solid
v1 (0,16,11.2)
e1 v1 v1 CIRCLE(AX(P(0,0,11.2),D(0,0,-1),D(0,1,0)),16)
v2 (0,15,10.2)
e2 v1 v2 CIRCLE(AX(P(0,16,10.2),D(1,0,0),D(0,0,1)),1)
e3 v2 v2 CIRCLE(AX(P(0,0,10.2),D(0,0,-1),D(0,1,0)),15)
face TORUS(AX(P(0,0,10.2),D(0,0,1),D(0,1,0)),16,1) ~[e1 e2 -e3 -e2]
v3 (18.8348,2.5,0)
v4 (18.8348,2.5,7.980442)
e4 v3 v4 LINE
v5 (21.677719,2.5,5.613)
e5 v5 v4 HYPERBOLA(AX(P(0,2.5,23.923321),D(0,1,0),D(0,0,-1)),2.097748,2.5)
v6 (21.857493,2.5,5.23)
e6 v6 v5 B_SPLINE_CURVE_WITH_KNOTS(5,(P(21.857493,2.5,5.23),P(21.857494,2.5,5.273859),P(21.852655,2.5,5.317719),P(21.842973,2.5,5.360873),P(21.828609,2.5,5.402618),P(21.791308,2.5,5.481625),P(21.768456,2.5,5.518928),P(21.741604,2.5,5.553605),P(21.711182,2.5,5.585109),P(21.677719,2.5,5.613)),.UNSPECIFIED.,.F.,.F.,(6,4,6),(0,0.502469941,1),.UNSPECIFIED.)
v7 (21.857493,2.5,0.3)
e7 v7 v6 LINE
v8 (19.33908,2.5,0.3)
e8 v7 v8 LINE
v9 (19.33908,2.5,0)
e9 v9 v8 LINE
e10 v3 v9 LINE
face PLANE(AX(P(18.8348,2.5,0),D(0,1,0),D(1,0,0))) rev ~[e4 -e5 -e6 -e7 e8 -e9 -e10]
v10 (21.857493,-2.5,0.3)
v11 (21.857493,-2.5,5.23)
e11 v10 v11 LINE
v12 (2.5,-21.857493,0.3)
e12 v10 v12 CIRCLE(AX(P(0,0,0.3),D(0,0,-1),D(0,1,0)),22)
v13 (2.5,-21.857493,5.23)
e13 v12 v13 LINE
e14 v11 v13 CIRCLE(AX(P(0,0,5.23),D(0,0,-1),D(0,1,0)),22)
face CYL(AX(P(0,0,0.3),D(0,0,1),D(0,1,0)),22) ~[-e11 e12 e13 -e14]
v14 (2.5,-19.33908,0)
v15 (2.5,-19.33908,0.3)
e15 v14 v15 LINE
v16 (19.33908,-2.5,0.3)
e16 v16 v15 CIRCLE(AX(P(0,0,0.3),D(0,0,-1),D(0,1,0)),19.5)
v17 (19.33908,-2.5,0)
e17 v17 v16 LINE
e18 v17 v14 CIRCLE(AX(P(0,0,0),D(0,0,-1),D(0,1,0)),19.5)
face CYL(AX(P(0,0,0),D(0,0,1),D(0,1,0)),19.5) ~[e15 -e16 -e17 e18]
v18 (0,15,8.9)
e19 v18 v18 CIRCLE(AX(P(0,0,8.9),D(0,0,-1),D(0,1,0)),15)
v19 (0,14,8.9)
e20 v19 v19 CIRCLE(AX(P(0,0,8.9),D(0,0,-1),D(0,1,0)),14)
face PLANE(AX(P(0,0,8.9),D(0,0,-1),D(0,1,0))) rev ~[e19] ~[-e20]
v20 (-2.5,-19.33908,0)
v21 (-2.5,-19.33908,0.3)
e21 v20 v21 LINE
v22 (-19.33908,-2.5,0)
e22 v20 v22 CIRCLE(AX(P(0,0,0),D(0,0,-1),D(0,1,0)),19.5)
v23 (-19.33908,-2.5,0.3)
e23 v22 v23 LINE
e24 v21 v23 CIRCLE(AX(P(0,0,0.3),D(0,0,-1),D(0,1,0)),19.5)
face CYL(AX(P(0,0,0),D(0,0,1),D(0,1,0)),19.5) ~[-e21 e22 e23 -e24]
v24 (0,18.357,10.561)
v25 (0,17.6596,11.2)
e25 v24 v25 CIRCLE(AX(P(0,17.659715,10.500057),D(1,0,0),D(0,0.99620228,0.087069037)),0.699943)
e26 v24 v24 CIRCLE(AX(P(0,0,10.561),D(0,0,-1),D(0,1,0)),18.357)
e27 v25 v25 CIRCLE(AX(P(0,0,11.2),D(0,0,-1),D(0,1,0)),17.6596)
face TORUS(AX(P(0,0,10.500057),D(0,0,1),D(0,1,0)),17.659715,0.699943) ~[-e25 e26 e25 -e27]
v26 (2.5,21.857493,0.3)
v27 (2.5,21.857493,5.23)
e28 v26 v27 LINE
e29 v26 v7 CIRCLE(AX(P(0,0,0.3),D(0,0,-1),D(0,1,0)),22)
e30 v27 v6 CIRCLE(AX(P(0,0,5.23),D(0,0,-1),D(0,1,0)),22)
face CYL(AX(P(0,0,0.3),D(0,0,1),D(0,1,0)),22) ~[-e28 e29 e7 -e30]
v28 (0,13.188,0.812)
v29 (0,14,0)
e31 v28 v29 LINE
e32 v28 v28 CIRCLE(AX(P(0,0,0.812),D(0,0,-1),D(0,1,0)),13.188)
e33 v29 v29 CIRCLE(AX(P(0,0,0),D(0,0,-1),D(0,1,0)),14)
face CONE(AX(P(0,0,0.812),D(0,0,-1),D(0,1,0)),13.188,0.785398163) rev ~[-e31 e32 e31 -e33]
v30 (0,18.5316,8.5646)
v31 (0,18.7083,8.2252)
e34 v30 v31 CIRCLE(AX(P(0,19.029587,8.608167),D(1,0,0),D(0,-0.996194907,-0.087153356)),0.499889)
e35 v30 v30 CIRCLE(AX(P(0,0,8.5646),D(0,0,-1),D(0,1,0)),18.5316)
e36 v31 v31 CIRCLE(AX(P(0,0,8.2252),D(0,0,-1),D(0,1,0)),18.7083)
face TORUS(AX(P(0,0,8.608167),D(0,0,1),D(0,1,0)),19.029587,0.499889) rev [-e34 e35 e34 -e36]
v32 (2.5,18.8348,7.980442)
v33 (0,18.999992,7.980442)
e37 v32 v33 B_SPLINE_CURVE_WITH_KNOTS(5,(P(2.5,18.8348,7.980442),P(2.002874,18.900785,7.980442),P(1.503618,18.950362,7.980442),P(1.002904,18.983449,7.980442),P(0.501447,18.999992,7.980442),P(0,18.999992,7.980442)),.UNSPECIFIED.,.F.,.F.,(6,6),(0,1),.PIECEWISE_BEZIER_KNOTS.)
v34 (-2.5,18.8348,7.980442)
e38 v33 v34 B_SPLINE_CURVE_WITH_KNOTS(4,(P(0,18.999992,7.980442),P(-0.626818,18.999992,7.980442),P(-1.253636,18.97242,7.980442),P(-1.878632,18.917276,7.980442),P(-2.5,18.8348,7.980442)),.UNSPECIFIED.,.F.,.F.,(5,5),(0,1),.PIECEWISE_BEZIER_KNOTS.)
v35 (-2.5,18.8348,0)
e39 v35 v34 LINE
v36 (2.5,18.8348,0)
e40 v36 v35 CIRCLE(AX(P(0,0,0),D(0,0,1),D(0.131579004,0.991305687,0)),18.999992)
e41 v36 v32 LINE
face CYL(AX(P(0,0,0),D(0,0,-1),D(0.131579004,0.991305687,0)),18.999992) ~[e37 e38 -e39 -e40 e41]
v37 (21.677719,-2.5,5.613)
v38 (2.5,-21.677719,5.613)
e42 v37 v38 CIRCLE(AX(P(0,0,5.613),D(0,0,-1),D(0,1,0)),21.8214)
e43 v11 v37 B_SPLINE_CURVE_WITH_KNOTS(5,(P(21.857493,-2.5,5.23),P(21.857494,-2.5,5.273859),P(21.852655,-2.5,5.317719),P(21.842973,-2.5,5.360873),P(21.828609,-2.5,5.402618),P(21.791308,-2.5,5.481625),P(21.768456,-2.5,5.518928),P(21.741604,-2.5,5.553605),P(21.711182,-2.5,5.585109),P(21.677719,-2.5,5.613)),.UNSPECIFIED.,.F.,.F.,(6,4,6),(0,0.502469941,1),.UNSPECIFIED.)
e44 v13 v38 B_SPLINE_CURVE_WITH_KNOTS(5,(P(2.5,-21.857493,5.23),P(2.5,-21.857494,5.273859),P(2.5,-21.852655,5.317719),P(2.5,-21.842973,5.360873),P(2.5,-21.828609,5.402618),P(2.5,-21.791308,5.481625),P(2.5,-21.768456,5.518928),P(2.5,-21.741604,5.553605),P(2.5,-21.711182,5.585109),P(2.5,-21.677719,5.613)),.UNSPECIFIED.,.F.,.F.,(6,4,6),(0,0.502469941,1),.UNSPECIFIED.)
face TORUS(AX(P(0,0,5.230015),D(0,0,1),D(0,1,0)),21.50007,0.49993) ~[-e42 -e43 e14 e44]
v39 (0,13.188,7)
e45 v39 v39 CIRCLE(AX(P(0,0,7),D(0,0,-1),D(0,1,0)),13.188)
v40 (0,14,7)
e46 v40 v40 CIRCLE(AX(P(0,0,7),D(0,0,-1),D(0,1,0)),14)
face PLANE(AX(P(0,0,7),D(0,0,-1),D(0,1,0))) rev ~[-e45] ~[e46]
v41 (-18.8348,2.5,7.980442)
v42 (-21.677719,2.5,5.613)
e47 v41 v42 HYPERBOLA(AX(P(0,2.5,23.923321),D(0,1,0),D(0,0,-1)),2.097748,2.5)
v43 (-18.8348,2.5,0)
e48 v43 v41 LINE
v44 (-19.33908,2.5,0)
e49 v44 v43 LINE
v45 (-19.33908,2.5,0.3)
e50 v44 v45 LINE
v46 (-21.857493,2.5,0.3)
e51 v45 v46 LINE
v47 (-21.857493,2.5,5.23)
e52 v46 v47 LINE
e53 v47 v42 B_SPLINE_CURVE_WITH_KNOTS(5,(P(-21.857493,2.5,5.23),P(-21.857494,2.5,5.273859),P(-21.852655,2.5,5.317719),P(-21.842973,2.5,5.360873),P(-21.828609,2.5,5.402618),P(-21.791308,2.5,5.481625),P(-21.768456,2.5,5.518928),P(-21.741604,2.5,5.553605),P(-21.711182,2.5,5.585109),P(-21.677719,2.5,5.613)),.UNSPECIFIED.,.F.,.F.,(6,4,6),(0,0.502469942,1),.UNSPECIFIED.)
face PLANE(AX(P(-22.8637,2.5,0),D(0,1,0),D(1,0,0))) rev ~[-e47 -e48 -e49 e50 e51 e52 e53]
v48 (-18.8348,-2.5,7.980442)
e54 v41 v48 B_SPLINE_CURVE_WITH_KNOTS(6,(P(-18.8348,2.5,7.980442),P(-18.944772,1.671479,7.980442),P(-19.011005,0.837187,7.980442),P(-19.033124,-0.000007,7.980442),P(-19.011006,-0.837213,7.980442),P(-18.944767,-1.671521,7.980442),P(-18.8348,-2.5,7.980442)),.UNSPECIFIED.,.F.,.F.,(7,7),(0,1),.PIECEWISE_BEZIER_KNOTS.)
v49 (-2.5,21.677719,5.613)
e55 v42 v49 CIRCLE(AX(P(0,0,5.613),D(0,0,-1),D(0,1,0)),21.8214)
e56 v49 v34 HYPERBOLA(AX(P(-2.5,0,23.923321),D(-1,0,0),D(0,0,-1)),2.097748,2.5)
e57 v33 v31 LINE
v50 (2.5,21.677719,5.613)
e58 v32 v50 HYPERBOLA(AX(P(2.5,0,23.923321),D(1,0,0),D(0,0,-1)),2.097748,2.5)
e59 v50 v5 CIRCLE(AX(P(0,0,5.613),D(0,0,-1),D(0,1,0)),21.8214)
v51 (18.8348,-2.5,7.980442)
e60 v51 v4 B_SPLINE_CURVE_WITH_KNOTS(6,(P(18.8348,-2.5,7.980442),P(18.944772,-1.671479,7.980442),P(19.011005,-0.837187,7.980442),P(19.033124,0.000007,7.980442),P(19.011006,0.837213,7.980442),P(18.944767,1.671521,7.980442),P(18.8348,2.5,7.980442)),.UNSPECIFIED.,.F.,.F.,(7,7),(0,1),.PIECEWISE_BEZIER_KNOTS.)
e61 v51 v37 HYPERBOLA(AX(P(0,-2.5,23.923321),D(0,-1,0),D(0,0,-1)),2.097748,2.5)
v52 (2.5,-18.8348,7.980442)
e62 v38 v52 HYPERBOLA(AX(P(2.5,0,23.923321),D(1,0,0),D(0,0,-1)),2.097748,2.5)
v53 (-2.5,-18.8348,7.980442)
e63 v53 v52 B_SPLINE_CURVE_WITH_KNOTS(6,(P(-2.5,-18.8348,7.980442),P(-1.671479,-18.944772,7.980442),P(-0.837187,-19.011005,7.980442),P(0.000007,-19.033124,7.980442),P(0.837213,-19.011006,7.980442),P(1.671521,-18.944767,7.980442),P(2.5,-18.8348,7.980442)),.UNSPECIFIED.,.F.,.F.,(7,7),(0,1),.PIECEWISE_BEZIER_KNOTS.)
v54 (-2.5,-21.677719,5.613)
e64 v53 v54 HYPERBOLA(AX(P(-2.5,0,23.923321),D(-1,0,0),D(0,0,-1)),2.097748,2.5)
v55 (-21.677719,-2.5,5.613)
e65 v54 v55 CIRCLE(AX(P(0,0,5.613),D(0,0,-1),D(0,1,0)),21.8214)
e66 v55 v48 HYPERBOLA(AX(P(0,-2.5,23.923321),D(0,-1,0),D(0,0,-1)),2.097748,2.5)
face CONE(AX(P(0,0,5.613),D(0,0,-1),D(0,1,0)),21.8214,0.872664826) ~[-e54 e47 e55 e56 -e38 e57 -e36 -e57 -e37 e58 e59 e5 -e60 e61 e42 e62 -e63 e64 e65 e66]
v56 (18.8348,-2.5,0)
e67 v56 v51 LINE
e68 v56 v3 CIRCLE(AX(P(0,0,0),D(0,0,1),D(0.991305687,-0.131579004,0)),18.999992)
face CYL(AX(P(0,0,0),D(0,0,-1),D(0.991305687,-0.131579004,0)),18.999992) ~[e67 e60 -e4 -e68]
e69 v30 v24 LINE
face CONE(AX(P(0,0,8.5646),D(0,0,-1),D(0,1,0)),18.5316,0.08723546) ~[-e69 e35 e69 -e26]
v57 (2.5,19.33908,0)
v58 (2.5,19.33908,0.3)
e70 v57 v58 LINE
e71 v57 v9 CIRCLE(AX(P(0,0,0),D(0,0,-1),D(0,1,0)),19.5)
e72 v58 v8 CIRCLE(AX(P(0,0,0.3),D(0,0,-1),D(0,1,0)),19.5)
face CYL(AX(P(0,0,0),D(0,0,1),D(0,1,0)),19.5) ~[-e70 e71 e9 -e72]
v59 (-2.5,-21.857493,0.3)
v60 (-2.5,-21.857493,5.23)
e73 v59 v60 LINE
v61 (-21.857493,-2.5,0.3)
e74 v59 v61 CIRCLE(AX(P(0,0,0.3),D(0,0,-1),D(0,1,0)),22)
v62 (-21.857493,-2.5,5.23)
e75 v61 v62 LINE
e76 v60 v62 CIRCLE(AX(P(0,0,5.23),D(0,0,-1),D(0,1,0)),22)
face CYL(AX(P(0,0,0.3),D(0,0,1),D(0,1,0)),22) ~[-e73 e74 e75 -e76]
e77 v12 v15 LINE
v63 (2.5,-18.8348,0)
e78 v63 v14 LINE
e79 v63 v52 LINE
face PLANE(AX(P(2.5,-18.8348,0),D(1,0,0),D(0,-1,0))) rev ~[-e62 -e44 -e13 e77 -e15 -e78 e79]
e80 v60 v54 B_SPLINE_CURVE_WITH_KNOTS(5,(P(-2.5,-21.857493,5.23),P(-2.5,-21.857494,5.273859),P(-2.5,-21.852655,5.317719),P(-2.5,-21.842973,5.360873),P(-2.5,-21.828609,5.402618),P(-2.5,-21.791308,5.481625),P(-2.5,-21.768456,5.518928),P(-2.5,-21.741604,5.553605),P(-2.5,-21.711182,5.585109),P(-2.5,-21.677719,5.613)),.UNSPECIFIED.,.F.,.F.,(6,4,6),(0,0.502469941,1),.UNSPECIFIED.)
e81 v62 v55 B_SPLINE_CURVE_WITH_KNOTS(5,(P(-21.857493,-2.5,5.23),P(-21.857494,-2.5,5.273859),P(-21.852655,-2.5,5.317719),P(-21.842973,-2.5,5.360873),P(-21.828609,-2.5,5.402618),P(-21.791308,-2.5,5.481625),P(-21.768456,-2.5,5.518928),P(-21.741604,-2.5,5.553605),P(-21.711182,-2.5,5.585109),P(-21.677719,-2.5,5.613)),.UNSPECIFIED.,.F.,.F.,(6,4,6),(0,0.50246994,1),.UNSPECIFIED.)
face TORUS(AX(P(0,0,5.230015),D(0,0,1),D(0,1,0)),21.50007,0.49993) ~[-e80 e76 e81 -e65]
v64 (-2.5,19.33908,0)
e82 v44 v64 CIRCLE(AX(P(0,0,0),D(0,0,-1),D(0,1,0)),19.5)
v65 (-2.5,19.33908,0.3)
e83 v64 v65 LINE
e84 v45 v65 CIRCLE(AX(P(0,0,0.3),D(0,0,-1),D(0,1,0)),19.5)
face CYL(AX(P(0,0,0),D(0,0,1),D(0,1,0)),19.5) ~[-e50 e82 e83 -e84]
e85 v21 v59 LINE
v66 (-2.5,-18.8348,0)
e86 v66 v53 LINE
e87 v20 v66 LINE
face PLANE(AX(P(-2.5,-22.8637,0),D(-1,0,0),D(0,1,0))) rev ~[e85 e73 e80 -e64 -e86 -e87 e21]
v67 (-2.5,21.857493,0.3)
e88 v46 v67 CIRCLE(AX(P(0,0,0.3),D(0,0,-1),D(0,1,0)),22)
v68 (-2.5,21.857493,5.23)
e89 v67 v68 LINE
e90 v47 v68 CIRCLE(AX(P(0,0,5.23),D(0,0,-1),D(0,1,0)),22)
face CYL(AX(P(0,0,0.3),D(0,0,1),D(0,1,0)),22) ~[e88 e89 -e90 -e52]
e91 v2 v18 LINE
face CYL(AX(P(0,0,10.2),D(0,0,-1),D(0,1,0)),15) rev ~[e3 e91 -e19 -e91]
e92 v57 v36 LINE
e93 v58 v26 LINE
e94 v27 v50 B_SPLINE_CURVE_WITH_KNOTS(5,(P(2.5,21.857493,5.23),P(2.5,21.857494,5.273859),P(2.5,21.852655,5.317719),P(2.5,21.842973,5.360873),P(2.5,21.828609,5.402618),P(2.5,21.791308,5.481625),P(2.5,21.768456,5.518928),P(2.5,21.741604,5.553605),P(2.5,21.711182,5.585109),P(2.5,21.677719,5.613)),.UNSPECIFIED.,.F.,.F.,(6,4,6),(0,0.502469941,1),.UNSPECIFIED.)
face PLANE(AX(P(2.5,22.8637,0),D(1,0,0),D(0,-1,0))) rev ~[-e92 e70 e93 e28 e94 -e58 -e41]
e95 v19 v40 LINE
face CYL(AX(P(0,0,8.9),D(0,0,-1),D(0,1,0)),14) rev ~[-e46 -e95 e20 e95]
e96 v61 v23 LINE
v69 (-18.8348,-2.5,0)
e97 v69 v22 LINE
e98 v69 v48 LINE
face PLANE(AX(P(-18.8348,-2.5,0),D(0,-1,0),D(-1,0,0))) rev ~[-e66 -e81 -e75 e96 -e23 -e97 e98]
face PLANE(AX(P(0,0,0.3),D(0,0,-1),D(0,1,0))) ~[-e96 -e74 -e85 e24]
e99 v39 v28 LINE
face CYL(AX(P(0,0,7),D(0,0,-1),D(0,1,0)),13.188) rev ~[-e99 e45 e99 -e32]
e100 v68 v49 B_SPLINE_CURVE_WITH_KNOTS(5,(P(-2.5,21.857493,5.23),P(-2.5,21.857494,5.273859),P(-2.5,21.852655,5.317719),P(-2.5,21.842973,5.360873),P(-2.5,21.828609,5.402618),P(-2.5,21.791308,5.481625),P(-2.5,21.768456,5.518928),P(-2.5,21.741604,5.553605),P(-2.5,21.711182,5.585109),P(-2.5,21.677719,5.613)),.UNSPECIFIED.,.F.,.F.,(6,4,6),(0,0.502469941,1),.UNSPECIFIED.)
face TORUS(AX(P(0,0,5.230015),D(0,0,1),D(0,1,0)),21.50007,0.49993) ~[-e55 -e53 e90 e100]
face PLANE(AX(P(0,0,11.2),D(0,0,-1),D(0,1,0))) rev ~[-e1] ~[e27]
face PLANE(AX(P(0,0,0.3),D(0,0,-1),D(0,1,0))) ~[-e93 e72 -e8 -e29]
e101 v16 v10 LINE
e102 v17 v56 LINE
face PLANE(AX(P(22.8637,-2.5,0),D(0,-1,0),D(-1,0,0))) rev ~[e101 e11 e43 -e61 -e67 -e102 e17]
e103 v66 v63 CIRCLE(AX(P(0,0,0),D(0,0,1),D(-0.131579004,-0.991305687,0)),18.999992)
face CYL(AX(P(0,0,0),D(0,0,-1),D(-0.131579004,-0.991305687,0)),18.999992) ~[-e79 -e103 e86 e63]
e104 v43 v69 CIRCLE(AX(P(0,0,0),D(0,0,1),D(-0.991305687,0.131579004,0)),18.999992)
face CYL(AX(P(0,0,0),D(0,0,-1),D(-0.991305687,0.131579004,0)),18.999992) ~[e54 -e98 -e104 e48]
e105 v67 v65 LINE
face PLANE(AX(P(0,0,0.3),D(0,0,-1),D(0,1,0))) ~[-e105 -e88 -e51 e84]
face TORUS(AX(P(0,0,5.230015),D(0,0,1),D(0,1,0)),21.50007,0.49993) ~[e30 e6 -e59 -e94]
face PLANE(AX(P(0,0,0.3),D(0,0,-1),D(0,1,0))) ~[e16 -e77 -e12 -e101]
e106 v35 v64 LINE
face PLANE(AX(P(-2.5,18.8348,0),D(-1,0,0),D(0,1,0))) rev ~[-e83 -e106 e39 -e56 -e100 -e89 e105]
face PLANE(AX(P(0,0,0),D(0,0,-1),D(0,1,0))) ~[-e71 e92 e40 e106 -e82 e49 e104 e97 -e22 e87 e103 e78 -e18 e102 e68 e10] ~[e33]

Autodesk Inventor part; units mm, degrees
sketch "Sketch_2" plane through (0, 0, 0) normal (1, 0, 0) x (0, 1, 0)
  line L0 (0, 0) -> (0, 11.2)
  line L1 (17.6596, 11.2) -> (16, 11.2)
  arc A0 (16, 11.2) -> (15, 10.2) centre (16, 10.2) ccw
  line L2 (15, 10.2) -> (15, 8.9)
  line L3 (15, 8.9) -> (14, 8.9)
  line L4 (14, 8.9) -> (14, 7)
  line L5 (14, 7) -> (13.188, 7)
  line L6 (13.188, 7) -> (13.188, 0.812)
  line L7 (13.188, 0.812) -> (14, 0)
  line L8 (14, 0) -> (19.5, 0)
  line L9 (19.5, 0) -> (19.5, 0.3)
  line L10 (19.5, 0.3) -> (22, 0.3)
  line L11 (22, 0.3) -> (22, 5.23)
  arc A1 (22, 5.23) -> (21.8214, 5.613) centre (21.5, 5.23) ccw
  line L12 (21.8214, 5.613) -> (18.7083, 8.2252)
  arc A2 (18.5316, 8.5646) -> (18.7083, 8.2252) centre (19.0297, 8.6082) ccw
  line L13 (18.5316, 8.5646) -> (18.357, 10.561)
  arc A3 (18.357, 10.561) -> (17.6596, 11.2) centre (17.6596, 10.5) ccw
revolve "Revolution1" add sketch "Sketch_2" angle 360 about axis through (0, 0, 0) along (0, 0, -1)
thread "Thread1" size "M28x1.5" class "6H" standard "ISO Metric profile" full length
sketch "Skizze_2" plane through (0, 0, 0) normal (0, 0, 1) x (1, 0, 0)
  line L0 (-44, 44) -> (-44, -44)
  line L1 (-44, -44) -> (44, -44)
  line L2 (44, -44) -> (44, 44)
  line L3 (44, 44) -> (-44, 44)
  arc A0 (-22.8637, -2.5) -> (-2.5, -22.8637) centre (0, 0) ccw
  line L4 (-2.5, -22.8637) -> (-2.5, -18.8348)
  arc A1 (-2.5, -18.8348) -> (2.5, -18.8348) centre (0, 0) ccw
  line L5 (2.5, -18.8348) -> (2.5, -22.8637)
  arc A2 (2.5, -22.8637) -> (22.8637, -2.5) centre (0, 0) ccw
  line L6 (22.8637, -2.5) -> (18.8348, -2.5)
  arc A3 (18.8348, -2.5) -> (18.8348, 2.5) centre (0, 0) ccw
  line L7 (18.8348, 2.5) -> (22.8637, 2.5)
  arc A4 (22.8637, 2.5) -> (2.5, 22.8637) centre (0, 0) ccw
  line L8 (2.5, 22.8637) -> (2.5, 18.8348)
  arc A5 (2.5, 18.8348) -> (-2.5, 18.8348) centre (0, 0) ccw
  line L9 (-2.5, 18.8348) -> (-2.5, 22.8637)
  arc A6 (-2.5, 22.8637) -> (-22.8637, 2.5) centre (0, 0) ccw
  line L10 (-22.8637, 2.5) -> (-18.8348, 2.5)
  arc A7 (-18.8348, 2.5) -> (-18.8348, -2.5) centre (0, 0) ccw
  line L11 (-18.8348, -2.5) -> (-22.8637, -2.5)
extrude "Extrusion1" cut sketch "Skizze_2" along normal blind 11.2
ref_plane "ANBAU_XY" through (0, 0, 0) normal (0, 0, 1) x (1, 0, 0)
ref_plane "ANBAU_YZ" through (0, 0, 0) normal (1, 0, 0) x (0, 1, 0)
ref_plane "ANBAU_ZX" through (0, 0, 0) normal (0, 1, 0) x (0, 0, 1)
properties part number "1515746 GUA M28x1.5"
